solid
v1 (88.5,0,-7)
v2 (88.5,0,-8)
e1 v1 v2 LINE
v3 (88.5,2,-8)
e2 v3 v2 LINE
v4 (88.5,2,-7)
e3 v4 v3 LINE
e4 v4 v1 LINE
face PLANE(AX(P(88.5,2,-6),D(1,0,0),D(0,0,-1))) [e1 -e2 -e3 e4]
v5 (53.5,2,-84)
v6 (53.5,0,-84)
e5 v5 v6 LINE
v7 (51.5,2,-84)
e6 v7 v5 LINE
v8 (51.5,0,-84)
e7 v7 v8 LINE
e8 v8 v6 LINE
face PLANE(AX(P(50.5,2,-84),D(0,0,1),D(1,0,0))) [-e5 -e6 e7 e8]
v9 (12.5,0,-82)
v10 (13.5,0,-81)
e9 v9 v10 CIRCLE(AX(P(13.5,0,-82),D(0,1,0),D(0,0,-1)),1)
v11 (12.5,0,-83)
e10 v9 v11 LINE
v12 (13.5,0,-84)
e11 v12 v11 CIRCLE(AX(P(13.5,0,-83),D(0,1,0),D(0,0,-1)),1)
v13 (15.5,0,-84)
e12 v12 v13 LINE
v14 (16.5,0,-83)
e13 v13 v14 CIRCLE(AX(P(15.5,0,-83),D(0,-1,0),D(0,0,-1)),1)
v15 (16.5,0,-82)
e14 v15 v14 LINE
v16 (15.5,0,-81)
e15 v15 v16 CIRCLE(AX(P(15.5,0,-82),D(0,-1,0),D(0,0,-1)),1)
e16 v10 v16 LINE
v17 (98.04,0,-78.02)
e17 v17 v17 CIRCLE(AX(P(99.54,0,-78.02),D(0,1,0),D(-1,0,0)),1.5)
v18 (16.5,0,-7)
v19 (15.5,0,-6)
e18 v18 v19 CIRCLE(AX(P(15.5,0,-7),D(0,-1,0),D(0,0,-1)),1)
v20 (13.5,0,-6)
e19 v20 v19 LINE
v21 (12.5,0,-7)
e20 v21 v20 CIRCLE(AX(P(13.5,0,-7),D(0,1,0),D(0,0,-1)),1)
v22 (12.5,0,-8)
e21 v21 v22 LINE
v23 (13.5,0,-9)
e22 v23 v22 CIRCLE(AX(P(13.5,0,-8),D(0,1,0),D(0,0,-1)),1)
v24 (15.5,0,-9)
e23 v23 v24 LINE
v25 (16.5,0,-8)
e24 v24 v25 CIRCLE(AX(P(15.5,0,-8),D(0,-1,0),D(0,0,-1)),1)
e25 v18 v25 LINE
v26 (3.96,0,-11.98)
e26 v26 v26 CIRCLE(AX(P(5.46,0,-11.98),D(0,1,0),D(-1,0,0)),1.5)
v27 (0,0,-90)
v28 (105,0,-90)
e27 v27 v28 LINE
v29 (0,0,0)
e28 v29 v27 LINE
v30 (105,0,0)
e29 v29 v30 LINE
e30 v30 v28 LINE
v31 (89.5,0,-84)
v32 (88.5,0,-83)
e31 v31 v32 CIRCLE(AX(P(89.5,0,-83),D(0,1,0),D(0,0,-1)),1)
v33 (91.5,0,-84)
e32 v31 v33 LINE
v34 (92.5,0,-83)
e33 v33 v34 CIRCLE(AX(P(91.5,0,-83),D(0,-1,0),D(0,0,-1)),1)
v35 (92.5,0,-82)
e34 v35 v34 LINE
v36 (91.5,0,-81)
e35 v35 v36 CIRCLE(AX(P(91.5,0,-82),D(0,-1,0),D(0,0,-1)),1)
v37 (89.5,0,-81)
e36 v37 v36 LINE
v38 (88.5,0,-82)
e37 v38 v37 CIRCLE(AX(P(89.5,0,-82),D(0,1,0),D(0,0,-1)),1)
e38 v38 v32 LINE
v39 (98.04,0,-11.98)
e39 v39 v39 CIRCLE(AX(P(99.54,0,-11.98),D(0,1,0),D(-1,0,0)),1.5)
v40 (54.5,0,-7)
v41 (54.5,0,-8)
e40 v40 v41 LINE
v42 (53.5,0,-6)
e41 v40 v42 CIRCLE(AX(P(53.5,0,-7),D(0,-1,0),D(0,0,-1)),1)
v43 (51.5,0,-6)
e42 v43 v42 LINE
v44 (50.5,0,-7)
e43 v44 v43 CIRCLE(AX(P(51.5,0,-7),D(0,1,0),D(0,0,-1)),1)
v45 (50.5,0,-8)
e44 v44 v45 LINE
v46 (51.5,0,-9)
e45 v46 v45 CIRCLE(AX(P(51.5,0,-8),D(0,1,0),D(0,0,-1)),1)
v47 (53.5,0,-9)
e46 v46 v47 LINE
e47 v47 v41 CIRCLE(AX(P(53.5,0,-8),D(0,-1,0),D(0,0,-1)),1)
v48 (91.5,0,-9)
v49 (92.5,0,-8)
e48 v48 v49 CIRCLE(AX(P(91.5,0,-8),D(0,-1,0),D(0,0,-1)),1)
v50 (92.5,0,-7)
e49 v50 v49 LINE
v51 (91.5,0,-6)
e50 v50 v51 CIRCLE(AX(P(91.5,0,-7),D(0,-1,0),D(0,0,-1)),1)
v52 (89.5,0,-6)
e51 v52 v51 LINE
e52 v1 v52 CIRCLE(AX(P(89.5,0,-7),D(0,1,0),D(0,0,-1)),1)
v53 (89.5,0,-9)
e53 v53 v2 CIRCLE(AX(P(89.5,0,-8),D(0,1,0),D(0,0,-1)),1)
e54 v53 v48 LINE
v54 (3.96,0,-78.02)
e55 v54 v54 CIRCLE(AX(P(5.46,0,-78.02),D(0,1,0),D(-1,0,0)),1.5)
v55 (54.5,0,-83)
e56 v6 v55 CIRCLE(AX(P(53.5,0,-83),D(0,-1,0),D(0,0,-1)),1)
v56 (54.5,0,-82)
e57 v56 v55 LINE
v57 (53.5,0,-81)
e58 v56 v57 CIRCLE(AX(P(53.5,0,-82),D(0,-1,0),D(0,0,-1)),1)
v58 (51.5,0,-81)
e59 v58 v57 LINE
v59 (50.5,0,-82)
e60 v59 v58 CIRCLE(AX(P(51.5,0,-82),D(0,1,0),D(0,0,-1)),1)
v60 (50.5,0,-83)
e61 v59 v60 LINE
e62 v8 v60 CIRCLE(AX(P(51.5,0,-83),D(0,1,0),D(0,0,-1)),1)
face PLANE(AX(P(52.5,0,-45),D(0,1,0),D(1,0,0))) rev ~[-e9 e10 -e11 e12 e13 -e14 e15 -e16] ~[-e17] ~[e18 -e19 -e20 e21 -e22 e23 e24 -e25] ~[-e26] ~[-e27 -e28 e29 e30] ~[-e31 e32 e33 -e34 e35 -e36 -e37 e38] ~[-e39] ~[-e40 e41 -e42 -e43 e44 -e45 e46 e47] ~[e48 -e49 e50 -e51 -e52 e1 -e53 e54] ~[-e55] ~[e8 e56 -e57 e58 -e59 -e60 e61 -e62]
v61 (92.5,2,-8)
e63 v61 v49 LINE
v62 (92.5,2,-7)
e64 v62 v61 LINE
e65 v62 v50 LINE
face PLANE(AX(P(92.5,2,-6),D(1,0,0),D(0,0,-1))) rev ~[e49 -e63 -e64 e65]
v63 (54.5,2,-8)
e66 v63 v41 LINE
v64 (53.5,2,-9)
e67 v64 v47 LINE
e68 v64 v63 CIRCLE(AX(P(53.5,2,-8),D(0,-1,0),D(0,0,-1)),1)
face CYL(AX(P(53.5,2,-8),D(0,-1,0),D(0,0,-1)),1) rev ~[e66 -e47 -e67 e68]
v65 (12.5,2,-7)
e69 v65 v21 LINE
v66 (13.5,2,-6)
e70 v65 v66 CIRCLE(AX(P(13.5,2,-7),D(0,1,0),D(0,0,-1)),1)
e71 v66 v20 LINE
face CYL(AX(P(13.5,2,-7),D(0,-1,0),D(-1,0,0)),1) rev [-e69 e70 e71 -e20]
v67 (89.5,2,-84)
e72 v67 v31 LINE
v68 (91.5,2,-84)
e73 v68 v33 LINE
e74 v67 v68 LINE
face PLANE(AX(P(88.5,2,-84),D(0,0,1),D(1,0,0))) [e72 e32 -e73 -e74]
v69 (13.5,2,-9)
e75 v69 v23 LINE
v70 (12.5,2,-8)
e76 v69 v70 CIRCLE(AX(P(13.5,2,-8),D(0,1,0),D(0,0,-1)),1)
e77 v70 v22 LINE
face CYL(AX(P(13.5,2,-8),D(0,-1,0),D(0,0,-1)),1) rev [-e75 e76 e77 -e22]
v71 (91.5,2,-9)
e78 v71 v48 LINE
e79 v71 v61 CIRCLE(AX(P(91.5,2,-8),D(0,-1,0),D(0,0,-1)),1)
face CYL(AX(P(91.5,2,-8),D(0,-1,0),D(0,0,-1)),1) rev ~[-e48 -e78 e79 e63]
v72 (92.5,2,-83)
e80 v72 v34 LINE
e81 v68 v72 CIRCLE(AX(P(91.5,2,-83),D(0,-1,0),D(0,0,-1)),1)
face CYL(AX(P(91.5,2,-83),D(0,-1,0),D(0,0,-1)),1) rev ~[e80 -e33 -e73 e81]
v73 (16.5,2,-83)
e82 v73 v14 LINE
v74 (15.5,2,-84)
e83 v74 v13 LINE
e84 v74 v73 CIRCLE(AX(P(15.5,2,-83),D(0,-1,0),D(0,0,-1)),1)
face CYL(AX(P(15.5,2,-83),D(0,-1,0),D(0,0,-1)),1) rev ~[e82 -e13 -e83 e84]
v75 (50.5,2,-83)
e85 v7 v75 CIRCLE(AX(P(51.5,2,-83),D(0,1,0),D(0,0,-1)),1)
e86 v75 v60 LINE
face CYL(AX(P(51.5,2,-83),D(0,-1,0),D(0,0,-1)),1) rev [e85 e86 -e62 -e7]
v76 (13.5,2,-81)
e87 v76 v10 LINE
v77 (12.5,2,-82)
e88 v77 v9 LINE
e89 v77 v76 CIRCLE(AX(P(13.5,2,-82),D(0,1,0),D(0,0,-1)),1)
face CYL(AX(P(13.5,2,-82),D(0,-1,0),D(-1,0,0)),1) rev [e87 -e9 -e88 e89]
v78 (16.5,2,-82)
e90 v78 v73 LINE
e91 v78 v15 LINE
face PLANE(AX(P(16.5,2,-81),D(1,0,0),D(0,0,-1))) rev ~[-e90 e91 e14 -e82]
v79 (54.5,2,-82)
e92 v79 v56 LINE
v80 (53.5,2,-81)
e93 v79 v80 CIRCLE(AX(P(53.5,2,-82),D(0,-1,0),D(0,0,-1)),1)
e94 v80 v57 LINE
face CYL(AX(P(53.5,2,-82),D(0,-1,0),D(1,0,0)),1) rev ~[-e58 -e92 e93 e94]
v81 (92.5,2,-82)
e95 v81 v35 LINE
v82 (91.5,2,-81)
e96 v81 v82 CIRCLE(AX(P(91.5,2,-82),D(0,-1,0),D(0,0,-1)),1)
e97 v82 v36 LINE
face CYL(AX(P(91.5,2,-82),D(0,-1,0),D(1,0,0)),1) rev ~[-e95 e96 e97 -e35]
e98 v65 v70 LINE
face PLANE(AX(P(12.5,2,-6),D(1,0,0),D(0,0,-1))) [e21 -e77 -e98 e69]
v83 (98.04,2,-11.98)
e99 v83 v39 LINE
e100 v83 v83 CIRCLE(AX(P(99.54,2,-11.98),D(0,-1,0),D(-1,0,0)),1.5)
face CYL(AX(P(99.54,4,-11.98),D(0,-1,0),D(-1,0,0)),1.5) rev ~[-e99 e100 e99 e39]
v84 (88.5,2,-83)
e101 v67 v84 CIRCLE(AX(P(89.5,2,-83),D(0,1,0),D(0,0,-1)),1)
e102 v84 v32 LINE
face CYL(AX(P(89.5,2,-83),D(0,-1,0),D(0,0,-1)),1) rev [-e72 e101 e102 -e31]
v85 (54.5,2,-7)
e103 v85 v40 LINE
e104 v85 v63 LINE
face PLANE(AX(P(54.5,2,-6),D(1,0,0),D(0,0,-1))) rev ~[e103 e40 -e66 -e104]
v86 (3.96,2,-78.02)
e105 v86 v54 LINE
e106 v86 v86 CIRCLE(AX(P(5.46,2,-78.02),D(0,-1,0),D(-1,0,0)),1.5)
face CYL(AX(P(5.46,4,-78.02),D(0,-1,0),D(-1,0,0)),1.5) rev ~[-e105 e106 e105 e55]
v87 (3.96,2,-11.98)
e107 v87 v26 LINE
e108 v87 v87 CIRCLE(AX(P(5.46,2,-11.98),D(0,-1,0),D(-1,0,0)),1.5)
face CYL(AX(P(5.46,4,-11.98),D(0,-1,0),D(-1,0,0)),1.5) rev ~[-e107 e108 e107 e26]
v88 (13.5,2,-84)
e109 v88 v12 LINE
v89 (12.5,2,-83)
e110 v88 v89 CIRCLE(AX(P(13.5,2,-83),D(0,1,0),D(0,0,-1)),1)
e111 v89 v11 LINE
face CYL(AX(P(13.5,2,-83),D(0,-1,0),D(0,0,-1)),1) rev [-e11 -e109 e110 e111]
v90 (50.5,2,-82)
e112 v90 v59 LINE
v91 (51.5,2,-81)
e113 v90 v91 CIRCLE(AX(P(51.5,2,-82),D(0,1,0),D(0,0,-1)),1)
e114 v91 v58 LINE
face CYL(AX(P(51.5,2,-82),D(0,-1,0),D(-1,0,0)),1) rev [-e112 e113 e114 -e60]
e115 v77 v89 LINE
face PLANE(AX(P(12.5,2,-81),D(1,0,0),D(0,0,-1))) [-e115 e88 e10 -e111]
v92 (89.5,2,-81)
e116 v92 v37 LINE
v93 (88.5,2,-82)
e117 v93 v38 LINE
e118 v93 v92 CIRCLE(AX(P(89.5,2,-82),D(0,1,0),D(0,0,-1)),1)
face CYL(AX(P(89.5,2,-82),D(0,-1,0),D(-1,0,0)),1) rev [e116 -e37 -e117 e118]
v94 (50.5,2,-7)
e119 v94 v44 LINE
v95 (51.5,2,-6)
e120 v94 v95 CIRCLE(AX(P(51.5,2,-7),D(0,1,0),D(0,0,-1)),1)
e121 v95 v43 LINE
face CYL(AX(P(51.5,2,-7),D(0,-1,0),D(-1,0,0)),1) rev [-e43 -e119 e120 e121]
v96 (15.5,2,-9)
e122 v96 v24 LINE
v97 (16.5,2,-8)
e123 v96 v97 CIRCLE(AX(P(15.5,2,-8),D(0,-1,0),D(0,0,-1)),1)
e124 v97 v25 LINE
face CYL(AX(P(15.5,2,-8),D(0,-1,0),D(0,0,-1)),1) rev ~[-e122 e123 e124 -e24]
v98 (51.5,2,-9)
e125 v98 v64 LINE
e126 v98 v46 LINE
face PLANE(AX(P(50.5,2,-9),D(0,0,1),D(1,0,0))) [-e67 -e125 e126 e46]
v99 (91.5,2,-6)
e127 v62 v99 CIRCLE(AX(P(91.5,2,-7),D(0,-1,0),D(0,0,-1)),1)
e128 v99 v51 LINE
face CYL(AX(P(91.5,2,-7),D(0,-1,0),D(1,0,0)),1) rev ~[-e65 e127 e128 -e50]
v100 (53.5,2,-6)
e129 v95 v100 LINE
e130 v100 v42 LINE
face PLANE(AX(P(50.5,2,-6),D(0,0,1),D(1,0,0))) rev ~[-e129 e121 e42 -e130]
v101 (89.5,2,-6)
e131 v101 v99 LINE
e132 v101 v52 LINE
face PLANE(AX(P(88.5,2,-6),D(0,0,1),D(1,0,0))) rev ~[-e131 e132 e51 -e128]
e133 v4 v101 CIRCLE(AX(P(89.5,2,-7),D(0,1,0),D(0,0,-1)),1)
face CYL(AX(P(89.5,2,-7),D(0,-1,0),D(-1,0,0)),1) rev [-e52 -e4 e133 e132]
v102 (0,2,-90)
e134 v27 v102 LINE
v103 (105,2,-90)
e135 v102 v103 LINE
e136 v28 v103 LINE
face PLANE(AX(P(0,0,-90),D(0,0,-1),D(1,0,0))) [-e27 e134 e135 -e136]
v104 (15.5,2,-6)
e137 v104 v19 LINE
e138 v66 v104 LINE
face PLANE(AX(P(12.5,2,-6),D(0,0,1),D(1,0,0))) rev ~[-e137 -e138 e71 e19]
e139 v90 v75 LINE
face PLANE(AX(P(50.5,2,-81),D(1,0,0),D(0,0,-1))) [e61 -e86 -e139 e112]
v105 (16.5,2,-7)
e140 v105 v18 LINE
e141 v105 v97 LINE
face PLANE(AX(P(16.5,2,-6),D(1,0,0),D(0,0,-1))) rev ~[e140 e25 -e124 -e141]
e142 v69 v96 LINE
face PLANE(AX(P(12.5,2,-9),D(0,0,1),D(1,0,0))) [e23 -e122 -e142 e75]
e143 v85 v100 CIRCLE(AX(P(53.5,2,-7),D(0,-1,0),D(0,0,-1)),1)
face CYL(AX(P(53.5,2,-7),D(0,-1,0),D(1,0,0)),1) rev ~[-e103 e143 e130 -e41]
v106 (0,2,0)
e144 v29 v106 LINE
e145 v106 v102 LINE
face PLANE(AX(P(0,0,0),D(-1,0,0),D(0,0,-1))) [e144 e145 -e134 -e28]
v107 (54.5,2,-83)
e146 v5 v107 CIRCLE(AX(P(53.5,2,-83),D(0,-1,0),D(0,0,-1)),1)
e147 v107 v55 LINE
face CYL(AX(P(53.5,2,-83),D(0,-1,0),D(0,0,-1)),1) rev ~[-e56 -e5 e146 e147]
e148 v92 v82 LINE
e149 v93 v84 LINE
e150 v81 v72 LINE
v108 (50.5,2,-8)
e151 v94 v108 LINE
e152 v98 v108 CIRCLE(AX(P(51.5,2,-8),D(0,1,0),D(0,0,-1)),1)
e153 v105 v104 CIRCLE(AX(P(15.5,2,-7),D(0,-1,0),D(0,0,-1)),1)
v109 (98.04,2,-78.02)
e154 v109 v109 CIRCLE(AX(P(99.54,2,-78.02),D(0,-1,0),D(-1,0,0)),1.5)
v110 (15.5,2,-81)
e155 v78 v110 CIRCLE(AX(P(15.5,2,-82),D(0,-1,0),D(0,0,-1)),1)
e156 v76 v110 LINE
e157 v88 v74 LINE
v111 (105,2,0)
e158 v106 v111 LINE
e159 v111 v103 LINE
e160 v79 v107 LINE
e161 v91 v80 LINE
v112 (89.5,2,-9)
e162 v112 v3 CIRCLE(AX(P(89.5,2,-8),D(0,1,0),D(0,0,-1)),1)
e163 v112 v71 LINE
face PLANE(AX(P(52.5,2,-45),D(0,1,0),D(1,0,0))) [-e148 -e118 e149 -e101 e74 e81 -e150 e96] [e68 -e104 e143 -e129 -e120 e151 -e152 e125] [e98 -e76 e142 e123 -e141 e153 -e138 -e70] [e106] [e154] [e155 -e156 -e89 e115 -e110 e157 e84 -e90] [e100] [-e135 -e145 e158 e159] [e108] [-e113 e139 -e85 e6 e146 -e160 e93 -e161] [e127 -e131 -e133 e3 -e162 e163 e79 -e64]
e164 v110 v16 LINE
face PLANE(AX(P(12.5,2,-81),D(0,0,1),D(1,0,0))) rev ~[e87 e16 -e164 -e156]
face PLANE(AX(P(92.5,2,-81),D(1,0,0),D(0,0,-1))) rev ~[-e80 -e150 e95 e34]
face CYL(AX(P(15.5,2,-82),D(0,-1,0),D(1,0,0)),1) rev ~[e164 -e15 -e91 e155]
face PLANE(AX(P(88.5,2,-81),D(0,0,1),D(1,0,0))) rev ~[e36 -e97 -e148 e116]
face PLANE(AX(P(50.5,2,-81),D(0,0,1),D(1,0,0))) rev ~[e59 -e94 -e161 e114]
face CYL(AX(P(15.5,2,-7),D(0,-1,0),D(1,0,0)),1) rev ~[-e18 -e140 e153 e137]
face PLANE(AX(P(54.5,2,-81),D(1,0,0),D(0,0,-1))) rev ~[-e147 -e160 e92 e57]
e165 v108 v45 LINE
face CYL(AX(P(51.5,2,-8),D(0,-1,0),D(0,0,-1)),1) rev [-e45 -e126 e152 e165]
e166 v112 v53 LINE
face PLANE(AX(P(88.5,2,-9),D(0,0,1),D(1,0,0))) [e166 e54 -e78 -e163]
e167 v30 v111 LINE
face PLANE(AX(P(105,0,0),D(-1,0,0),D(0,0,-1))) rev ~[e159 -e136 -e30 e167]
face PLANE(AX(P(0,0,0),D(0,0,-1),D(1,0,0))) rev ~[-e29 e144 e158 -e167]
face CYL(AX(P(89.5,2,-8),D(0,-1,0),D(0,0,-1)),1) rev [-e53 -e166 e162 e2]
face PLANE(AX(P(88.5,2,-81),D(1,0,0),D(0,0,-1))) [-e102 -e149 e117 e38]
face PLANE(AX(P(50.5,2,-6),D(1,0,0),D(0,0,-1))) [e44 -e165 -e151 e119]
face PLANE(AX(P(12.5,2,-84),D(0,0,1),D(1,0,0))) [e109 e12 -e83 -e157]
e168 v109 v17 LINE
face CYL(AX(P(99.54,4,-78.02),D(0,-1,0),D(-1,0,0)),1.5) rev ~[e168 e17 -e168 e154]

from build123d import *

# Parameters (mm, degrees)
SKETCH1_W                = 105
SKETCH1_H                = 90
BOSS_EXTRUDE1_DEPTH      = 2
M3_CLEARANCE_HOLE1_D     = 3
M3_CLEARANCE_HOLE1_DEPTH = 2
M3_CLEARANCE_HOLE1_TIP   = 0.901290929
SKETCH4_W                = 4
SKETCH4_H                = 3
CUT_EXTRUDE1_DEPTH       = 139.307628134
FILLET1_R                = 1
FILLET2_R                = 1
FILLET3_R                = 1
FILLET4_R                = 1
LPATTERN1_COUNT          = 2
LPATTERN1_PITCH          = 75
LPATTERN1_COUNT_DIR2     = 3
LPATTERN1_PITCH_DIR2     = 38
FILLET1_OF_LPATTERN1_R   = 1
FILLET2_OF_LPATTERN1_R   = 1
FILLET3_OF_LPATTERN1_R   = 1
FILLET4_OF_LPATTERN1_R   = 1


with BuildPart() as part:
    # Sketch1 → Boss-Extrude1 (new body)
    with BuildSketch(Plane(origin=(0, 0, 0), x_dir=(1, 0, 0), z_dir=(0, 1, 0))):
        with Locations((52.5, 45)):
            Rectangle(SKETCH1_W, SKETCH1_H)
    extrude(amount=BOSS_EXTRUDE1_DEPTH)

    # M3 Clearance Hole1
    with Locations(Plane(origin=(0, 2, 0), x_dir=(1, 0, 0), z_dir=(0, 1, 0))):
        with Locations((5.46, 11.98), (5.46, 78.02), (99.54, 78.02), (99.54, 11.98)):
            Hole(M3_CLEARANCE_HOLE1_D / 2, depth=M3_CLEARANCE_HOLE1_DEPTH)
            with Locations((0, 0, -(M3_CLEARANCE_HOLE1_DEPTH + M3_CLEARANCE_HOLE1_TIP / 2))):  # 118° drill point
                Cone(0, M3_CLEARANCE_HOLE1_D / 2, M3_CLEARANCE_HOLE1_TIP, mode=Mode.SUBTRACT)

    # Sketch4 → Cut-Extrude1 (cut, through all)
    with BuildSketch(Plane(origin=(0, 2, 0), x_dir=(1, 0, 0), z_dir=(0, 1, 0))):
        with Locations((14.5, 82.5)):
            Rectangle(SKETCH4_W, SKETCH4_H)
    cut_extrude1 = extrude(amount=-CUT_EXTRUDE1_DEPTH, mode=Mode.SUBTRACT)

    # Fillet1
    fillet1_edges = [part.edges().sort_by_distance(p)[0] for p in [
        (12.5, 1, -84),
    ]]
    fillet(fillet1_edges, radius=FILLET1_R)

    # Fillet2
    fillet2_edges = [part.edges().sort_by_distance(p)[0] for p in [
        (12.5, 1, -81),
    ]]
    fillet(fillet2_edges, radius=FILLET2_R)

    # Fillet3
    fillet3_edges = [part.edges().sort_by_distance(p)[0] for p in [
        (16.5, 1, -84),
    ]]
    fillet(fillet3_edges, radius=FILLET3_R)

    # Fillet4
    fillet4_edges = [part.edges().sort_by_distance(p)[0] for p in [
        (16.5, 1, -81),
    ]]
    fillet(fillet4_edges, radius=FILLET4_R)

    # LPattern1: Cut-Extrude1 2 × 3
    with Locations(*[(j * LPATTERN1_PITCH_DIR2, 0, i * LPATTERN1_PITCH) for i in range(LPATTERN1_COUNT) for j in range(LPATTERN1_COUNT_DIR2) if (i, j) != (0, 0)]):
        add(cut_extrude1, mode=Mode.SUBTRACT)

    # Fillet1 of LPattern1
    fillet1_of_lpattern1_edges = [part.edges().sort_by_distance(p)[0] for p in [
        (50.5, 1, -84),
        (88.5, 1, -84),
        (12.5, 1, -9),
        (50.5, 1, -9),
        (88.5, 1, -9),
    ]]
    fillet(fillet1_of_lpattern1_edges, radius=FILLET1_OF_LPATTERN1_R)

    # Fillet2 of LPattern1
    fillet2_of_lpattern1_edges = [part.edges().sort_by_distance(p)[0] for p in [
        (50.5, 1, -81),
        (88.5, 1, -81),
        (12.5, 1, -6),
        (50.5, 1, -6),
        (88.5, 1, -6),
    ]]
    fillet(fillet2_of_lpattern1_edges, radius=FILLET2_OF_LPATTERN1_R)

    # Fillet3 of LPattern1
    fillet3_of_lpattern1_edges = [part.edges().sort_by_distance(p)[0] for p in [
        (54.5, 1, -84),
        (92.5, 1, -84),
        (16.5, 1, -9),
        (54.5, 1, -9),
        (92.5, 1, -9),
    ]]
    fillet(fillet3_of_lpattern1_edges, radius=FILLET3_OF_LPATTERN1_R)

    # Fillet4 of LPattern1
    fillet4_of_lpattern1_edges = [part.edges().sort_by_distance(p)[0] for p in [
        (54.5, 1, -81),
        (92.5, 1, -81),
        (16.5, 1, -6),
        (54.5, 1, -6),
        (92.5, 1, -6),
    ]]
    fillet(fillet4_of_lpattern1_edges, radius=FILLET4_OF_LPATTERN1_R)


solid = part.part
